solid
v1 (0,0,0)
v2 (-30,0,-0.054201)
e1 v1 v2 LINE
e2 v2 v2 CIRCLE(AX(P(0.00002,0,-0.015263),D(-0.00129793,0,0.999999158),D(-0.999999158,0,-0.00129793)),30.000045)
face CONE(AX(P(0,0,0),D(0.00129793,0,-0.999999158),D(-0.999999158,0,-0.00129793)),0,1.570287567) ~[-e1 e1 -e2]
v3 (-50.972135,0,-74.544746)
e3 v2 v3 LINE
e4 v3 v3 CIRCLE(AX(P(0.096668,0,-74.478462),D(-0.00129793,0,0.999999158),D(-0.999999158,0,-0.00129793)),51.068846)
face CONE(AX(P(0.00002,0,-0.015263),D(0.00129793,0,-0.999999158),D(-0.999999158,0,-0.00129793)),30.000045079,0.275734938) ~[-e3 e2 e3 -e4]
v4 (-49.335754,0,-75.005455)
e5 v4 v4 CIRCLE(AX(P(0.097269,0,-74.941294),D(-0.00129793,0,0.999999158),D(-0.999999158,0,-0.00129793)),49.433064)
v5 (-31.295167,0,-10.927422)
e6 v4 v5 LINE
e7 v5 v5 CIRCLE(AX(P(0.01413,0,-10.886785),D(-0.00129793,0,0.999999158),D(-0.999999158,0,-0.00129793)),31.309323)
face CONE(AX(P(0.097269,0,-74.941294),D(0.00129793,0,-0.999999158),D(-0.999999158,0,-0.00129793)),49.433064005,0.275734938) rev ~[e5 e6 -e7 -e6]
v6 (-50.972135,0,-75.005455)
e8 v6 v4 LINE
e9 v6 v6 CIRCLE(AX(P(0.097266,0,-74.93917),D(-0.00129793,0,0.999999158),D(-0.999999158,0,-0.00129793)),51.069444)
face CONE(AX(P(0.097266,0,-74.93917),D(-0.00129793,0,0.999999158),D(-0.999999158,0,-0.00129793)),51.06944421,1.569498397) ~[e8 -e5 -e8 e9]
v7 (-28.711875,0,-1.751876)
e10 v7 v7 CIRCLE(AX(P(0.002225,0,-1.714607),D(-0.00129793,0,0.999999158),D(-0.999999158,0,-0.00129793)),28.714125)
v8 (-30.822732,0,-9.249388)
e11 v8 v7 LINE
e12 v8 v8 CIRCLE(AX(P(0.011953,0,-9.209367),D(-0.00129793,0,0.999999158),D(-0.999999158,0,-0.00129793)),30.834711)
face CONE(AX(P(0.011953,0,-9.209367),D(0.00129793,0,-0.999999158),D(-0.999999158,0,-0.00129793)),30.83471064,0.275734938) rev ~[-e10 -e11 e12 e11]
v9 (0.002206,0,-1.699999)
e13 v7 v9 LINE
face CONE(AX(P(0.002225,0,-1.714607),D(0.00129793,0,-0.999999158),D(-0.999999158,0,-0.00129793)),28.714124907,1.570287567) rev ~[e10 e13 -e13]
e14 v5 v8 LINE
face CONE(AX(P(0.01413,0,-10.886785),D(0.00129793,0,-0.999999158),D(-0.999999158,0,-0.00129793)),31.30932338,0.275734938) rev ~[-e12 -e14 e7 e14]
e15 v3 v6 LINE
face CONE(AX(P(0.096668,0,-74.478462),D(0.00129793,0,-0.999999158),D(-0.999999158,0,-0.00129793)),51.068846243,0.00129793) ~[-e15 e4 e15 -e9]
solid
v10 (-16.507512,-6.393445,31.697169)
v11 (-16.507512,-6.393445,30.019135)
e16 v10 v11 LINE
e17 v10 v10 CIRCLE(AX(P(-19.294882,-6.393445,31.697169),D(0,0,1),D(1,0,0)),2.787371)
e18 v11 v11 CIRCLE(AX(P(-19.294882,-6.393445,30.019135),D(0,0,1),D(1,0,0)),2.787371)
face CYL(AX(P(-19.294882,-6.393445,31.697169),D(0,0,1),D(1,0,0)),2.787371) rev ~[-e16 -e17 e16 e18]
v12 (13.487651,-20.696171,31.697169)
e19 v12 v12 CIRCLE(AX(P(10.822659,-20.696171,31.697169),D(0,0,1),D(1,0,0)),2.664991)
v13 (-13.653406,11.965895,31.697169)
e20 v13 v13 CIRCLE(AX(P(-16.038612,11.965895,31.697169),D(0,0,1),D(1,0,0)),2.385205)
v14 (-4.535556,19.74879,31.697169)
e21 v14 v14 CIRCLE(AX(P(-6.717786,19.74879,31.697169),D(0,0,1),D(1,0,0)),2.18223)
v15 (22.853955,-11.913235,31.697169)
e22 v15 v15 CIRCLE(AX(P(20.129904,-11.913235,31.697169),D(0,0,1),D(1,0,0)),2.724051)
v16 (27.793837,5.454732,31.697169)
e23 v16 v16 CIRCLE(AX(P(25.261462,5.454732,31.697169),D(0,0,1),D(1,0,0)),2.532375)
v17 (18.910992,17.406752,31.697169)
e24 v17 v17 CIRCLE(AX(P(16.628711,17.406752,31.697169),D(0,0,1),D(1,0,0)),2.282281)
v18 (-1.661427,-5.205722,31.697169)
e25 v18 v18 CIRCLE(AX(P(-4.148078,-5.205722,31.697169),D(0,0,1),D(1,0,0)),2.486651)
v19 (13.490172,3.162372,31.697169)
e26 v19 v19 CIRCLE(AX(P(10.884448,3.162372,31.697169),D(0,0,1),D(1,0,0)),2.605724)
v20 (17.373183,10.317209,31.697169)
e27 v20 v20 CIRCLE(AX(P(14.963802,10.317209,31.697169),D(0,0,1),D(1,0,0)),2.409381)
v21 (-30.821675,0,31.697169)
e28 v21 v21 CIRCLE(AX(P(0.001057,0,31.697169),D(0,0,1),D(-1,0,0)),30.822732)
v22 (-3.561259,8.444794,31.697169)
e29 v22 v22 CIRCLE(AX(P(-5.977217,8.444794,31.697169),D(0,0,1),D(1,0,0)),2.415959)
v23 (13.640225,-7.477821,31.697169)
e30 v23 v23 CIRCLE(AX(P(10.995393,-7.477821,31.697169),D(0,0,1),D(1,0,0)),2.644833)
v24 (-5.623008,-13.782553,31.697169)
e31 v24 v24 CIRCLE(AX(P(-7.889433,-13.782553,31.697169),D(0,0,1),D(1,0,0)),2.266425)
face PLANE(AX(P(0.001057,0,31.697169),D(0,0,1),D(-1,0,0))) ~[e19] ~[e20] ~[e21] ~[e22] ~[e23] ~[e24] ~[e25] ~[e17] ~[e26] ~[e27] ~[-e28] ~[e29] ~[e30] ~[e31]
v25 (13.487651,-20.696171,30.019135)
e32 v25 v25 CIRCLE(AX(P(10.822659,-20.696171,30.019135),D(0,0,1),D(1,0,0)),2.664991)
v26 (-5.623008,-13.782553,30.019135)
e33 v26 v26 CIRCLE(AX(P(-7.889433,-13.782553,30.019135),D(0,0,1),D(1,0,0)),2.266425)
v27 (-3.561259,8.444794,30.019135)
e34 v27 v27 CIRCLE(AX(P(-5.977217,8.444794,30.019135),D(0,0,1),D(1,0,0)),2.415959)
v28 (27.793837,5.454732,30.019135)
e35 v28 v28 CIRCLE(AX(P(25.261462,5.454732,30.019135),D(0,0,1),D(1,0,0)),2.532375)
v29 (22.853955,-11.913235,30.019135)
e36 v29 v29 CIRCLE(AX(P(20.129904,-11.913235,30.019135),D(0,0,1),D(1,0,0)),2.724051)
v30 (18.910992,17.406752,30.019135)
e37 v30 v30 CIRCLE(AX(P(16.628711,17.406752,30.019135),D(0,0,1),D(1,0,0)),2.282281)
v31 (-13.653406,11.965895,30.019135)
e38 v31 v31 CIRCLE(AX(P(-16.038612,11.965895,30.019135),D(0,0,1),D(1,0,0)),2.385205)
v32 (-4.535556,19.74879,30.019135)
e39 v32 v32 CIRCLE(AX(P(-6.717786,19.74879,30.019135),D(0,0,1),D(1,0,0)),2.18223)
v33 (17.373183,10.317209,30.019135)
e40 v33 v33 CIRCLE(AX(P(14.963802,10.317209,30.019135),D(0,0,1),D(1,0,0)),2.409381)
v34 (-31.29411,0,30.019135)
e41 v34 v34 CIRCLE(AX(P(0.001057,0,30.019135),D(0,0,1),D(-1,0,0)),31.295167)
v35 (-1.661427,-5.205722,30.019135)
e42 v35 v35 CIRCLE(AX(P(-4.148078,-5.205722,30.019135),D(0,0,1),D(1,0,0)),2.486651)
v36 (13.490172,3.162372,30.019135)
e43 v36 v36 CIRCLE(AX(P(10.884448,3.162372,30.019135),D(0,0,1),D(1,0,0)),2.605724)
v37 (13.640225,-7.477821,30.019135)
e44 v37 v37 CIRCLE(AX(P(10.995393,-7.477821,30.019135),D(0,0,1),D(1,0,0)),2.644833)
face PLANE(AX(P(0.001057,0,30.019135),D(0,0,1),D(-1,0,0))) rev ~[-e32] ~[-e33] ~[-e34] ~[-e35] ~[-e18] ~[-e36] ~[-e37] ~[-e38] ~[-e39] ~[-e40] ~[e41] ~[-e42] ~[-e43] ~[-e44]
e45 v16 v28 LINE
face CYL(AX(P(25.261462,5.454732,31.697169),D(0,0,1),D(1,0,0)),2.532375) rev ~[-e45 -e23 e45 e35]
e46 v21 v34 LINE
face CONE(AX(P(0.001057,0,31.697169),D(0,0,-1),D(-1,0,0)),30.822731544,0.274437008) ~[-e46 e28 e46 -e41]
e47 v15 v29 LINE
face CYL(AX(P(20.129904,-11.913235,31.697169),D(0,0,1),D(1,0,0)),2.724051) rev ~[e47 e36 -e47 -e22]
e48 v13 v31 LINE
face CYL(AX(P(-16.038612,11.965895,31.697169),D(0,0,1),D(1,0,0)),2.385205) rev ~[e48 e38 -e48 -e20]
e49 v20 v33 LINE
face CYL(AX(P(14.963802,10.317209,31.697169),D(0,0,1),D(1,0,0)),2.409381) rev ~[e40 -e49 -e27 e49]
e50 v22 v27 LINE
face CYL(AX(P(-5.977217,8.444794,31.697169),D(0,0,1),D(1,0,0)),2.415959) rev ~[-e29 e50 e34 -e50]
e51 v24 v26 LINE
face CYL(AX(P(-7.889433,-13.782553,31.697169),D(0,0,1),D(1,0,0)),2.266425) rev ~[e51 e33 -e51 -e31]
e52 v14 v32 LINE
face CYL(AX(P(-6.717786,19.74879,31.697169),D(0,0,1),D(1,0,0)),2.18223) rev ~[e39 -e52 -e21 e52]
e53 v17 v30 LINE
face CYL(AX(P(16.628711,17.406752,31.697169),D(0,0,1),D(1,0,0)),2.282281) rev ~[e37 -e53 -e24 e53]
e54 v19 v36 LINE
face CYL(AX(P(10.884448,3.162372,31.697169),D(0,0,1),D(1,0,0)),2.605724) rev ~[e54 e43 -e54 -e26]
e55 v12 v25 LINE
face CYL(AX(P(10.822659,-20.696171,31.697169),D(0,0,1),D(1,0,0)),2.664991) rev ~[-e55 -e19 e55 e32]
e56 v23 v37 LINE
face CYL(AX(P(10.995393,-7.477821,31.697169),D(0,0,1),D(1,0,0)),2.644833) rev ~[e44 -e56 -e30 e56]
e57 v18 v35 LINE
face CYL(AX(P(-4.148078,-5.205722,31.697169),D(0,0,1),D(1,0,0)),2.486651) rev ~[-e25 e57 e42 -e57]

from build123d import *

# Parameters (mm, degrees)
F3_R     = 2.2664250342
F3_R_2   = 2.1822297353
F3_R_3   = 2.282281141
F3_R_4   = 2.64483265
F3_R_5   = 2.7240512482
F3_R_6   = 2.6649914966
F3_R_7   = 2.6057239863
F3_R_8   = 2.4093813538
F3_R_9   = 2.5323750002
F3_R_10  = 2.4159586068
F3_R_11  = 2.3852052253
F3_R_12  = 2.4866511686
F3_R_13  = 2.7873706171
F4_DEPTH = 2.1


with BuildPart() as f1:
    # F0 (on Front) → F1 (revolve)
    with BuildSketch(Plane.XZ):
        Polygon((0, 0), (-30, -0.0542007617), (-50.9721353226, -74.5447462469), (-50.9721353226, -75.0054545931), (-49.3357537386, -75.0054545931), (-31.2951667125, -10.9274221097), (-30.8227315443, -9.2493882403), (-28.7118752785, -1.751876315), (0.0022064812, -1.6999988116), align=None)
    revolve(axis=Axis((0.0011032406, 0, -0.8499994058), (-0.0012979299, 0, 0.9999991577)))


with BuildPart() as f2:
    # F0 (on Front) → F2 (revolve)
    with BuildSketch(Plane.XZ):
        Polygon((0.0010570226, 30.0191346799), (0.0010570226, 31.6971685494), (-30.8216745217, 31.6971685494), (-31.2941096899, 30.0191346799), align=None)
    revolve(axis=Axis((0.0010570226, 0, 30.8581516147), (0, 0, 1)))

    # F3 (on face) → F4 (cut)
    with BuildSketch(Plane.XY.offset(31.6971685494)):
        with Locations((-7.8894328326, -13.7825533748)):
            Circle(F3_R)
        with Locations((-6.7177857272, 19.7487901896)):
            Circle(F3_R_2)
        with Locations((16.6287105531, 17.406752333)):
            Circle(F3_R_3)
        with Locations((10.9953926876, -7.4778213166)):
            Circle(F3_R_4)
        with Locations((20.129904151, -11.9132352993)):
            Circle(F3_R_5)
        with Locations((10.8226593584, -20.6961706281)):
            Circle(F3_R_6)
        with Locations((10.8844479546, 3.162371926)):
            Circle(F3_R_7)
        with Locations((14.9638019502, 10.3172091767)):
            Circle(F3_R_8)
        with Locations((25.2614617348, 5.4547316395)):
            Circle(F3_R_9)
        with Locations((-5.977217108, 8.4447944537)):
            Circle(F3_R_10)
        with Locations((-16.0386115313, 11.9658950716)):
            Circle(F3_R_11)
        with Locations((-4.1480776854, -5.2057215944)):
            Circle(F3_R_12)
        with Locations((-19.2948821932, -6.39344519)):
            Circle(F3_R_13)
    extrude(amount=-F4_DEPTH, mode=Mode.SUBTRACT)


solid = Compound([f1.part, f2.part])
